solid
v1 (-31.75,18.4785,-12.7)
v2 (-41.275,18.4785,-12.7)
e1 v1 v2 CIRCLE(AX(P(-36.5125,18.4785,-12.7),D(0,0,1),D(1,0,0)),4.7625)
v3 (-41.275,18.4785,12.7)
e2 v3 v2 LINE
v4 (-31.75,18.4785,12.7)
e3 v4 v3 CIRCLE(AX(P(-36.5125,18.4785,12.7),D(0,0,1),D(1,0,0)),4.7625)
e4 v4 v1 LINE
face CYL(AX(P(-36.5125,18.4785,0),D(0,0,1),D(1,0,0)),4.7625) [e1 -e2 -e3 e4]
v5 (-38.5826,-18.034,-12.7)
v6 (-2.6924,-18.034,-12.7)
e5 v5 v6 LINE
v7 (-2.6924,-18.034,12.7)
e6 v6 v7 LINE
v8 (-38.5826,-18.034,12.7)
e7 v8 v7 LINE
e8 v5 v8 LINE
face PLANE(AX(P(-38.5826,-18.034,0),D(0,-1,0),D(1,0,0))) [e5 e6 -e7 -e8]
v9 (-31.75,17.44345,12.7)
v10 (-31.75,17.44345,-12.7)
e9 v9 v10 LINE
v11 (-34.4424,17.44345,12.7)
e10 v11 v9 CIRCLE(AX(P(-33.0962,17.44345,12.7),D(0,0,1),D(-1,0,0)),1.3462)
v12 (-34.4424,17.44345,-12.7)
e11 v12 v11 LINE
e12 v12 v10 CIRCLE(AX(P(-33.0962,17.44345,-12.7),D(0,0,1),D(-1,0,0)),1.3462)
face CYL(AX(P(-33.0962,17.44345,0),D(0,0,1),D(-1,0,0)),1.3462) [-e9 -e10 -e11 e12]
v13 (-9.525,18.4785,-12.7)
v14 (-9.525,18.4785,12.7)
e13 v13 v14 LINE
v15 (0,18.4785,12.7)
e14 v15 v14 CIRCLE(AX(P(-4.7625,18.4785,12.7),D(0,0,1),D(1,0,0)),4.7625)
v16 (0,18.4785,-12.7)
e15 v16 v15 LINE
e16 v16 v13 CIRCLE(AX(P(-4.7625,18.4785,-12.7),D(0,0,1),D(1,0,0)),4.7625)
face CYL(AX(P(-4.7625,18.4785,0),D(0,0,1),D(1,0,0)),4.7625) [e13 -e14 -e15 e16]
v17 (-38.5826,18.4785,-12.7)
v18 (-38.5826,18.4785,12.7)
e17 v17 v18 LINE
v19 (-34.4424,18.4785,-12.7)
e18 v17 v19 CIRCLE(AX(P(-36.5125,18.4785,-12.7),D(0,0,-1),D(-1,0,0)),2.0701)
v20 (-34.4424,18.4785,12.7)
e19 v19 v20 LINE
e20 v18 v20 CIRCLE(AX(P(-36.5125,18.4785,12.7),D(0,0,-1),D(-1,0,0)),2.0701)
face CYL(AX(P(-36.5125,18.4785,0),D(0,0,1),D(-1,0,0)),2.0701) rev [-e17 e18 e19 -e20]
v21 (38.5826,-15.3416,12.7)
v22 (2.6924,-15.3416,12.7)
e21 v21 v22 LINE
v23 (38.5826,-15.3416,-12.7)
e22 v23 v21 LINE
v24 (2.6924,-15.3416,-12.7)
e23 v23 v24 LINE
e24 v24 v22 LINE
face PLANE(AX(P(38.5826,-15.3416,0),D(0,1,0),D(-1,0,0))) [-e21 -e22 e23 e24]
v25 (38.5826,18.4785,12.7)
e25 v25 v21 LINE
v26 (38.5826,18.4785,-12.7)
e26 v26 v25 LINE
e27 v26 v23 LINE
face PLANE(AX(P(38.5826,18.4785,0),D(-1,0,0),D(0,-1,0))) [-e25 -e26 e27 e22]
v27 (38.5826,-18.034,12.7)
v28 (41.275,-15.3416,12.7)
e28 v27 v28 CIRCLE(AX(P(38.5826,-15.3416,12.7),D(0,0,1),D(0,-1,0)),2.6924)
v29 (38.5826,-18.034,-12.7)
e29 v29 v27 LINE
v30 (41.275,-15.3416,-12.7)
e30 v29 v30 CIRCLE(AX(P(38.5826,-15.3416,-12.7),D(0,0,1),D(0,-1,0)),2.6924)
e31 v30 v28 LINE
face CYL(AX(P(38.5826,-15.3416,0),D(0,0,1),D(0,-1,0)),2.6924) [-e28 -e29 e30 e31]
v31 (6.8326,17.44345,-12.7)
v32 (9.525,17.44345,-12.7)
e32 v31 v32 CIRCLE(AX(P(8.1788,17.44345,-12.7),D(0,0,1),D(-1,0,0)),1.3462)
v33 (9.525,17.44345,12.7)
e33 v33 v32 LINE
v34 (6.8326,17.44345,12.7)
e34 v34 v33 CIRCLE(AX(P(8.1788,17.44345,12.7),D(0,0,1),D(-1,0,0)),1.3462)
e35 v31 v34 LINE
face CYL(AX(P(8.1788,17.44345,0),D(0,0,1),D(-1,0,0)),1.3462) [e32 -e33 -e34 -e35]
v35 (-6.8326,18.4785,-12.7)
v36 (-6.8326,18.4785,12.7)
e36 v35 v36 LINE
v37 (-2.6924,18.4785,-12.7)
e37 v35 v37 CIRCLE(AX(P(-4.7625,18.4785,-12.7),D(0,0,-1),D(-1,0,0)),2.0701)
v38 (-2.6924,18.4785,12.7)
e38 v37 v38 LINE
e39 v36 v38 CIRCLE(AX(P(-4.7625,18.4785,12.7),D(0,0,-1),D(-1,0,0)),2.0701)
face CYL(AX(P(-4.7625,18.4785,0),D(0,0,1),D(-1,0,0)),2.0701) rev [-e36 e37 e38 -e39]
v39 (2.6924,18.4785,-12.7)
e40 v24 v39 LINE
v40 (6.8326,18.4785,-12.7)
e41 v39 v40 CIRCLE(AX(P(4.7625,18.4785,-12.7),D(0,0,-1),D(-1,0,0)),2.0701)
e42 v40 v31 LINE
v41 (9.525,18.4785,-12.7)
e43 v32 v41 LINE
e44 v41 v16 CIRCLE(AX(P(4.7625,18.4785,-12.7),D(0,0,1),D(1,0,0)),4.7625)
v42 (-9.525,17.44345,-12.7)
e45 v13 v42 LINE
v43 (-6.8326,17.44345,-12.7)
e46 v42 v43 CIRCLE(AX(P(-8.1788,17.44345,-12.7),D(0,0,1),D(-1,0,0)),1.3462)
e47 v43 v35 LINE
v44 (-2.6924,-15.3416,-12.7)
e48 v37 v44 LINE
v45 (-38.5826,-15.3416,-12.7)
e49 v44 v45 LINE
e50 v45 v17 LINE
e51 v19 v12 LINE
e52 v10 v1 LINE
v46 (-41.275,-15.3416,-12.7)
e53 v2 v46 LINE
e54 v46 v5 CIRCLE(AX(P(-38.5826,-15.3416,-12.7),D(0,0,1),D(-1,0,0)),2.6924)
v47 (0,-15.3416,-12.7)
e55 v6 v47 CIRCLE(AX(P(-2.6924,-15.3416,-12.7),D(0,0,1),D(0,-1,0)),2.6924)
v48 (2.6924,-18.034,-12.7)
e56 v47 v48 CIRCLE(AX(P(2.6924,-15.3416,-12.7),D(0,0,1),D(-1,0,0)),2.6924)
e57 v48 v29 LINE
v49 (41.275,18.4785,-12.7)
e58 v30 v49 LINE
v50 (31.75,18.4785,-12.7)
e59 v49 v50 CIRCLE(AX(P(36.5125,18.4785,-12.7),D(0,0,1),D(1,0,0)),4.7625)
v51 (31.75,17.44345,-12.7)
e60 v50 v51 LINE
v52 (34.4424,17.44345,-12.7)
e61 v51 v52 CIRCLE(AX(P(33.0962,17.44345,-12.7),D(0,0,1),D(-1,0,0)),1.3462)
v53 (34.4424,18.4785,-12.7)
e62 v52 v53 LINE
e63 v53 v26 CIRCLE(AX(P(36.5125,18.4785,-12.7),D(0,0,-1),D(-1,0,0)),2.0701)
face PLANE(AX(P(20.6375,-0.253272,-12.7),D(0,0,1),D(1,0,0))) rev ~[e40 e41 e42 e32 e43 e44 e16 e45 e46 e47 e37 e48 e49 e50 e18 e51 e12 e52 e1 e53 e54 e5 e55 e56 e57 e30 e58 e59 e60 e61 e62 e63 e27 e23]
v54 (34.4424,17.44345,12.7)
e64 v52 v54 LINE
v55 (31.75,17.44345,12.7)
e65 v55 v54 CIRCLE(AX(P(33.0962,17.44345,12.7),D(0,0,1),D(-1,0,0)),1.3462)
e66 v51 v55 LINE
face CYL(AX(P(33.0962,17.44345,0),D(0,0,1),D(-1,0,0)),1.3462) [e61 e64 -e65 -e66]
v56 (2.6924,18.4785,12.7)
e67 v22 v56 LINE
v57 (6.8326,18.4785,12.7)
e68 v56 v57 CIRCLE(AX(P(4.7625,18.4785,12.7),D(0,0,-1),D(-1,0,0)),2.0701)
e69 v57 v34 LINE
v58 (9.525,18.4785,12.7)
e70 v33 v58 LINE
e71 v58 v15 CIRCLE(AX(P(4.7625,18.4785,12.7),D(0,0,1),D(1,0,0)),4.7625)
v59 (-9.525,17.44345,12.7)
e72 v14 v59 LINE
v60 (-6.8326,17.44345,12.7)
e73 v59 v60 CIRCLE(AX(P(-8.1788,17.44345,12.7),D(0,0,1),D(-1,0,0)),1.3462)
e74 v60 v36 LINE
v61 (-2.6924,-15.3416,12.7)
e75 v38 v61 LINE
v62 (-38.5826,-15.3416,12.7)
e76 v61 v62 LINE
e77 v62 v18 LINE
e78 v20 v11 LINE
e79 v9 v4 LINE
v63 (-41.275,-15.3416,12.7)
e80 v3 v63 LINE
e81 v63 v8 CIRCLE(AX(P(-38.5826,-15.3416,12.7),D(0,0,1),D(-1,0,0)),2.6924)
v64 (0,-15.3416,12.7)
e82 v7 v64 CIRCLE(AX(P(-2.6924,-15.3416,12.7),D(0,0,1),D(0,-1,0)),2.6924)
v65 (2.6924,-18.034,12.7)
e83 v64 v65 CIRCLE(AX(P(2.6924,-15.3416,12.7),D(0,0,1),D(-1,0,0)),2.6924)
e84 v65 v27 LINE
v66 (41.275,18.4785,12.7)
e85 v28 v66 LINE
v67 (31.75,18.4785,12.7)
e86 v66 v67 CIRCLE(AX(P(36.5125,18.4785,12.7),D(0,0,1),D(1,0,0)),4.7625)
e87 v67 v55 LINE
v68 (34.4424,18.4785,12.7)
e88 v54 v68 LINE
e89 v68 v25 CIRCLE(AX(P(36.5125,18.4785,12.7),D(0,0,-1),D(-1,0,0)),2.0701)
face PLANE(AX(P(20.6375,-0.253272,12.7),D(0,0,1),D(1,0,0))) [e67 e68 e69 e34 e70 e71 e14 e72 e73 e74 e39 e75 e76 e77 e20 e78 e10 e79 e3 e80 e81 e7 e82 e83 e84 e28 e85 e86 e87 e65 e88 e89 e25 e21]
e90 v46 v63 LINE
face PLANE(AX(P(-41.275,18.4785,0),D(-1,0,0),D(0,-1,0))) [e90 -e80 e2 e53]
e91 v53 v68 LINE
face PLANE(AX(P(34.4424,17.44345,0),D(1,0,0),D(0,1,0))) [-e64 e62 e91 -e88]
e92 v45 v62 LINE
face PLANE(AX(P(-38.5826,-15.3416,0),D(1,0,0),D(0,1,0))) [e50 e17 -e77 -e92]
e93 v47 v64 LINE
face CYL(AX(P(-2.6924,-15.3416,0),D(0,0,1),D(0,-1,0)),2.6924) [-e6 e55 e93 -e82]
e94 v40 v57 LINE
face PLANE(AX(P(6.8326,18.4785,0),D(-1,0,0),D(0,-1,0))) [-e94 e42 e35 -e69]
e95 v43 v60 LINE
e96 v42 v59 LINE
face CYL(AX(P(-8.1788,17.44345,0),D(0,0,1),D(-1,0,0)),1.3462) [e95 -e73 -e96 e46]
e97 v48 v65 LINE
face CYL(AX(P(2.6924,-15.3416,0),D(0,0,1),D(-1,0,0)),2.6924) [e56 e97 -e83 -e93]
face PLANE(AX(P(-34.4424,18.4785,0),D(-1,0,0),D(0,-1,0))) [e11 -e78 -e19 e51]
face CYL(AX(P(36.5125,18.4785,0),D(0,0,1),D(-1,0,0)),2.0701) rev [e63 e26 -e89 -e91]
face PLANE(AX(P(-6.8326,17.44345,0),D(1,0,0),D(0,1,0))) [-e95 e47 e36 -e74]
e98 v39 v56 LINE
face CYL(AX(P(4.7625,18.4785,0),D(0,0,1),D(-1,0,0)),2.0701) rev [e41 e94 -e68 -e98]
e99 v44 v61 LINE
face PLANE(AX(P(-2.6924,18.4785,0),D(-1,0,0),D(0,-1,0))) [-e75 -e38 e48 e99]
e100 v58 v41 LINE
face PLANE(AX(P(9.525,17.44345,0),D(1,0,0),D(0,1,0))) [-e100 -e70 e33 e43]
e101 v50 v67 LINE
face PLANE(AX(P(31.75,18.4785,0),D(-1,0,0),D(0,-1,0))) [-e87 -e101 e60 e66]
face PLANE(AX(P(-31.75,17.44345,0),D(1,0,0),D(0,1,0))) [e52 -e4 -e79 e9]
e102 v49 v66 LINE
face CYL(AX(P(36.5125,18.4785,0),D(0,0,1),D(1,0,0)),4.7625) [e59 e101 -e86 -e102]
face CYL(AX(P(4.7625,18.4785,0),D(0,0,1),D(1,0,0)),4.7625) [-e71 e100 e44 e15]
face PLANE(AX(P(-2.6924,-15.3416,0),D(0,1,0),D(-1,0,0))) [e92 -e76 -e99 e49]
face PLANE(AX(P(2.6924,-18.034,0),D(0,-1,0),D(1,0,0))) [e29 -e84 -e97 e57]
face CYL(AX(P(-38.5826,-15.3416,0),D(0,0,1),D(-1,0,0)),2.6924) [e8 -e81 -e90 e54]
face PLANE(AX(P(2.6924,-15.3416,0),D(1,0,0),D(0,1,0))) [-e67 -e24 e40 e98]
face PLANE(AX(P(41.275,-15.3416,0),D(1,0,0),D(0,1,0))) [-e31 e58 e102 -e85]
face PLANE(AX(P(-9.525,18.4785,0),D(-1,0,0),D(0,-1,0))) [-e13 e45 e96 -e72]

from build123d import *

# Parameters (mm, degrees)
BASE_EXTRUDE_DEPTH = 12.7
LPATTERN1_COUNT    = 2
LPATTERN1_PITCH    = 41.275


with BuildPart() as part:
    # Sketch1 → Base-Extrude (new, symmetric)
    with BuildSketch(Plane.XY):
        with BuildLine():
            Line((-41.275, 18.4785), (-41.275, -15.3416))
            ThreePointArc((-41.275, -15.3416), (-40.486414298, -17.245414298), (-38.5826, -18.034))
            Line((-38.5826, -18.034), (-2.6924, -18.034))
            ThreePointArc((-2.6924, -18.034), (-0.788585702, -17.245414298), (0, -15.3416))
            Line((0, -15.3416), (0, 18.4785))
            ThreePointArc((0, 18.4785), (-4.7625, 23.241), (-9.525, 18.4785))
            Line((-9.525, 18.4785), (-9.525, 17.44345))
            ThreePointArc((-9.525, 17.44345), (-8.1788, 16.09725), (-6.8326, 17.44345))
            Line((-6.8326, 17.44345), (-6.8326, 18.4785))
            ThreePointArc((-6.8326, 18.4785), (-4.7625, 20.5486), (-2.6924, 18.4785))
            Line((-2.6924, 18.4785), (-2.6924, -15.3416))
            Line((-2.6924, -15.3416), (-38.5826, -15.3416))
            Line((-38.5826, -15.3416), (-38.5826, 18.4785))
            ThreePointArc((-38.5826, 18.4785), (-36.5125, 20.5486), (-34.4424, 18.4785))
            Line((-34.4424, 18.4785), (-34.4424, 17.44345))
            ThreePointArc((-34.4424, 17.44345), (-33.0962, 16.09725), (-31.75, 17.44345))
            Line((-31.75, 17.44345), (-31.75, 18.4785))
            ThreePointArc((-31.75, 18.4785), (-36.5125, 23.241), (-41.275, 18.4785))
        make_face()
    base_extrude = extrude(amount=BASE_EXTRUDE_DEPTH, both=True)

    # LPattern1: Base-Extrude ×2
    with Locations(*[(i * LPATTERN1_PITCH, 0, 0) for i in range(1, LPATTERN1_COUNT)]):
        add(base_extrude)


solid = part.part
